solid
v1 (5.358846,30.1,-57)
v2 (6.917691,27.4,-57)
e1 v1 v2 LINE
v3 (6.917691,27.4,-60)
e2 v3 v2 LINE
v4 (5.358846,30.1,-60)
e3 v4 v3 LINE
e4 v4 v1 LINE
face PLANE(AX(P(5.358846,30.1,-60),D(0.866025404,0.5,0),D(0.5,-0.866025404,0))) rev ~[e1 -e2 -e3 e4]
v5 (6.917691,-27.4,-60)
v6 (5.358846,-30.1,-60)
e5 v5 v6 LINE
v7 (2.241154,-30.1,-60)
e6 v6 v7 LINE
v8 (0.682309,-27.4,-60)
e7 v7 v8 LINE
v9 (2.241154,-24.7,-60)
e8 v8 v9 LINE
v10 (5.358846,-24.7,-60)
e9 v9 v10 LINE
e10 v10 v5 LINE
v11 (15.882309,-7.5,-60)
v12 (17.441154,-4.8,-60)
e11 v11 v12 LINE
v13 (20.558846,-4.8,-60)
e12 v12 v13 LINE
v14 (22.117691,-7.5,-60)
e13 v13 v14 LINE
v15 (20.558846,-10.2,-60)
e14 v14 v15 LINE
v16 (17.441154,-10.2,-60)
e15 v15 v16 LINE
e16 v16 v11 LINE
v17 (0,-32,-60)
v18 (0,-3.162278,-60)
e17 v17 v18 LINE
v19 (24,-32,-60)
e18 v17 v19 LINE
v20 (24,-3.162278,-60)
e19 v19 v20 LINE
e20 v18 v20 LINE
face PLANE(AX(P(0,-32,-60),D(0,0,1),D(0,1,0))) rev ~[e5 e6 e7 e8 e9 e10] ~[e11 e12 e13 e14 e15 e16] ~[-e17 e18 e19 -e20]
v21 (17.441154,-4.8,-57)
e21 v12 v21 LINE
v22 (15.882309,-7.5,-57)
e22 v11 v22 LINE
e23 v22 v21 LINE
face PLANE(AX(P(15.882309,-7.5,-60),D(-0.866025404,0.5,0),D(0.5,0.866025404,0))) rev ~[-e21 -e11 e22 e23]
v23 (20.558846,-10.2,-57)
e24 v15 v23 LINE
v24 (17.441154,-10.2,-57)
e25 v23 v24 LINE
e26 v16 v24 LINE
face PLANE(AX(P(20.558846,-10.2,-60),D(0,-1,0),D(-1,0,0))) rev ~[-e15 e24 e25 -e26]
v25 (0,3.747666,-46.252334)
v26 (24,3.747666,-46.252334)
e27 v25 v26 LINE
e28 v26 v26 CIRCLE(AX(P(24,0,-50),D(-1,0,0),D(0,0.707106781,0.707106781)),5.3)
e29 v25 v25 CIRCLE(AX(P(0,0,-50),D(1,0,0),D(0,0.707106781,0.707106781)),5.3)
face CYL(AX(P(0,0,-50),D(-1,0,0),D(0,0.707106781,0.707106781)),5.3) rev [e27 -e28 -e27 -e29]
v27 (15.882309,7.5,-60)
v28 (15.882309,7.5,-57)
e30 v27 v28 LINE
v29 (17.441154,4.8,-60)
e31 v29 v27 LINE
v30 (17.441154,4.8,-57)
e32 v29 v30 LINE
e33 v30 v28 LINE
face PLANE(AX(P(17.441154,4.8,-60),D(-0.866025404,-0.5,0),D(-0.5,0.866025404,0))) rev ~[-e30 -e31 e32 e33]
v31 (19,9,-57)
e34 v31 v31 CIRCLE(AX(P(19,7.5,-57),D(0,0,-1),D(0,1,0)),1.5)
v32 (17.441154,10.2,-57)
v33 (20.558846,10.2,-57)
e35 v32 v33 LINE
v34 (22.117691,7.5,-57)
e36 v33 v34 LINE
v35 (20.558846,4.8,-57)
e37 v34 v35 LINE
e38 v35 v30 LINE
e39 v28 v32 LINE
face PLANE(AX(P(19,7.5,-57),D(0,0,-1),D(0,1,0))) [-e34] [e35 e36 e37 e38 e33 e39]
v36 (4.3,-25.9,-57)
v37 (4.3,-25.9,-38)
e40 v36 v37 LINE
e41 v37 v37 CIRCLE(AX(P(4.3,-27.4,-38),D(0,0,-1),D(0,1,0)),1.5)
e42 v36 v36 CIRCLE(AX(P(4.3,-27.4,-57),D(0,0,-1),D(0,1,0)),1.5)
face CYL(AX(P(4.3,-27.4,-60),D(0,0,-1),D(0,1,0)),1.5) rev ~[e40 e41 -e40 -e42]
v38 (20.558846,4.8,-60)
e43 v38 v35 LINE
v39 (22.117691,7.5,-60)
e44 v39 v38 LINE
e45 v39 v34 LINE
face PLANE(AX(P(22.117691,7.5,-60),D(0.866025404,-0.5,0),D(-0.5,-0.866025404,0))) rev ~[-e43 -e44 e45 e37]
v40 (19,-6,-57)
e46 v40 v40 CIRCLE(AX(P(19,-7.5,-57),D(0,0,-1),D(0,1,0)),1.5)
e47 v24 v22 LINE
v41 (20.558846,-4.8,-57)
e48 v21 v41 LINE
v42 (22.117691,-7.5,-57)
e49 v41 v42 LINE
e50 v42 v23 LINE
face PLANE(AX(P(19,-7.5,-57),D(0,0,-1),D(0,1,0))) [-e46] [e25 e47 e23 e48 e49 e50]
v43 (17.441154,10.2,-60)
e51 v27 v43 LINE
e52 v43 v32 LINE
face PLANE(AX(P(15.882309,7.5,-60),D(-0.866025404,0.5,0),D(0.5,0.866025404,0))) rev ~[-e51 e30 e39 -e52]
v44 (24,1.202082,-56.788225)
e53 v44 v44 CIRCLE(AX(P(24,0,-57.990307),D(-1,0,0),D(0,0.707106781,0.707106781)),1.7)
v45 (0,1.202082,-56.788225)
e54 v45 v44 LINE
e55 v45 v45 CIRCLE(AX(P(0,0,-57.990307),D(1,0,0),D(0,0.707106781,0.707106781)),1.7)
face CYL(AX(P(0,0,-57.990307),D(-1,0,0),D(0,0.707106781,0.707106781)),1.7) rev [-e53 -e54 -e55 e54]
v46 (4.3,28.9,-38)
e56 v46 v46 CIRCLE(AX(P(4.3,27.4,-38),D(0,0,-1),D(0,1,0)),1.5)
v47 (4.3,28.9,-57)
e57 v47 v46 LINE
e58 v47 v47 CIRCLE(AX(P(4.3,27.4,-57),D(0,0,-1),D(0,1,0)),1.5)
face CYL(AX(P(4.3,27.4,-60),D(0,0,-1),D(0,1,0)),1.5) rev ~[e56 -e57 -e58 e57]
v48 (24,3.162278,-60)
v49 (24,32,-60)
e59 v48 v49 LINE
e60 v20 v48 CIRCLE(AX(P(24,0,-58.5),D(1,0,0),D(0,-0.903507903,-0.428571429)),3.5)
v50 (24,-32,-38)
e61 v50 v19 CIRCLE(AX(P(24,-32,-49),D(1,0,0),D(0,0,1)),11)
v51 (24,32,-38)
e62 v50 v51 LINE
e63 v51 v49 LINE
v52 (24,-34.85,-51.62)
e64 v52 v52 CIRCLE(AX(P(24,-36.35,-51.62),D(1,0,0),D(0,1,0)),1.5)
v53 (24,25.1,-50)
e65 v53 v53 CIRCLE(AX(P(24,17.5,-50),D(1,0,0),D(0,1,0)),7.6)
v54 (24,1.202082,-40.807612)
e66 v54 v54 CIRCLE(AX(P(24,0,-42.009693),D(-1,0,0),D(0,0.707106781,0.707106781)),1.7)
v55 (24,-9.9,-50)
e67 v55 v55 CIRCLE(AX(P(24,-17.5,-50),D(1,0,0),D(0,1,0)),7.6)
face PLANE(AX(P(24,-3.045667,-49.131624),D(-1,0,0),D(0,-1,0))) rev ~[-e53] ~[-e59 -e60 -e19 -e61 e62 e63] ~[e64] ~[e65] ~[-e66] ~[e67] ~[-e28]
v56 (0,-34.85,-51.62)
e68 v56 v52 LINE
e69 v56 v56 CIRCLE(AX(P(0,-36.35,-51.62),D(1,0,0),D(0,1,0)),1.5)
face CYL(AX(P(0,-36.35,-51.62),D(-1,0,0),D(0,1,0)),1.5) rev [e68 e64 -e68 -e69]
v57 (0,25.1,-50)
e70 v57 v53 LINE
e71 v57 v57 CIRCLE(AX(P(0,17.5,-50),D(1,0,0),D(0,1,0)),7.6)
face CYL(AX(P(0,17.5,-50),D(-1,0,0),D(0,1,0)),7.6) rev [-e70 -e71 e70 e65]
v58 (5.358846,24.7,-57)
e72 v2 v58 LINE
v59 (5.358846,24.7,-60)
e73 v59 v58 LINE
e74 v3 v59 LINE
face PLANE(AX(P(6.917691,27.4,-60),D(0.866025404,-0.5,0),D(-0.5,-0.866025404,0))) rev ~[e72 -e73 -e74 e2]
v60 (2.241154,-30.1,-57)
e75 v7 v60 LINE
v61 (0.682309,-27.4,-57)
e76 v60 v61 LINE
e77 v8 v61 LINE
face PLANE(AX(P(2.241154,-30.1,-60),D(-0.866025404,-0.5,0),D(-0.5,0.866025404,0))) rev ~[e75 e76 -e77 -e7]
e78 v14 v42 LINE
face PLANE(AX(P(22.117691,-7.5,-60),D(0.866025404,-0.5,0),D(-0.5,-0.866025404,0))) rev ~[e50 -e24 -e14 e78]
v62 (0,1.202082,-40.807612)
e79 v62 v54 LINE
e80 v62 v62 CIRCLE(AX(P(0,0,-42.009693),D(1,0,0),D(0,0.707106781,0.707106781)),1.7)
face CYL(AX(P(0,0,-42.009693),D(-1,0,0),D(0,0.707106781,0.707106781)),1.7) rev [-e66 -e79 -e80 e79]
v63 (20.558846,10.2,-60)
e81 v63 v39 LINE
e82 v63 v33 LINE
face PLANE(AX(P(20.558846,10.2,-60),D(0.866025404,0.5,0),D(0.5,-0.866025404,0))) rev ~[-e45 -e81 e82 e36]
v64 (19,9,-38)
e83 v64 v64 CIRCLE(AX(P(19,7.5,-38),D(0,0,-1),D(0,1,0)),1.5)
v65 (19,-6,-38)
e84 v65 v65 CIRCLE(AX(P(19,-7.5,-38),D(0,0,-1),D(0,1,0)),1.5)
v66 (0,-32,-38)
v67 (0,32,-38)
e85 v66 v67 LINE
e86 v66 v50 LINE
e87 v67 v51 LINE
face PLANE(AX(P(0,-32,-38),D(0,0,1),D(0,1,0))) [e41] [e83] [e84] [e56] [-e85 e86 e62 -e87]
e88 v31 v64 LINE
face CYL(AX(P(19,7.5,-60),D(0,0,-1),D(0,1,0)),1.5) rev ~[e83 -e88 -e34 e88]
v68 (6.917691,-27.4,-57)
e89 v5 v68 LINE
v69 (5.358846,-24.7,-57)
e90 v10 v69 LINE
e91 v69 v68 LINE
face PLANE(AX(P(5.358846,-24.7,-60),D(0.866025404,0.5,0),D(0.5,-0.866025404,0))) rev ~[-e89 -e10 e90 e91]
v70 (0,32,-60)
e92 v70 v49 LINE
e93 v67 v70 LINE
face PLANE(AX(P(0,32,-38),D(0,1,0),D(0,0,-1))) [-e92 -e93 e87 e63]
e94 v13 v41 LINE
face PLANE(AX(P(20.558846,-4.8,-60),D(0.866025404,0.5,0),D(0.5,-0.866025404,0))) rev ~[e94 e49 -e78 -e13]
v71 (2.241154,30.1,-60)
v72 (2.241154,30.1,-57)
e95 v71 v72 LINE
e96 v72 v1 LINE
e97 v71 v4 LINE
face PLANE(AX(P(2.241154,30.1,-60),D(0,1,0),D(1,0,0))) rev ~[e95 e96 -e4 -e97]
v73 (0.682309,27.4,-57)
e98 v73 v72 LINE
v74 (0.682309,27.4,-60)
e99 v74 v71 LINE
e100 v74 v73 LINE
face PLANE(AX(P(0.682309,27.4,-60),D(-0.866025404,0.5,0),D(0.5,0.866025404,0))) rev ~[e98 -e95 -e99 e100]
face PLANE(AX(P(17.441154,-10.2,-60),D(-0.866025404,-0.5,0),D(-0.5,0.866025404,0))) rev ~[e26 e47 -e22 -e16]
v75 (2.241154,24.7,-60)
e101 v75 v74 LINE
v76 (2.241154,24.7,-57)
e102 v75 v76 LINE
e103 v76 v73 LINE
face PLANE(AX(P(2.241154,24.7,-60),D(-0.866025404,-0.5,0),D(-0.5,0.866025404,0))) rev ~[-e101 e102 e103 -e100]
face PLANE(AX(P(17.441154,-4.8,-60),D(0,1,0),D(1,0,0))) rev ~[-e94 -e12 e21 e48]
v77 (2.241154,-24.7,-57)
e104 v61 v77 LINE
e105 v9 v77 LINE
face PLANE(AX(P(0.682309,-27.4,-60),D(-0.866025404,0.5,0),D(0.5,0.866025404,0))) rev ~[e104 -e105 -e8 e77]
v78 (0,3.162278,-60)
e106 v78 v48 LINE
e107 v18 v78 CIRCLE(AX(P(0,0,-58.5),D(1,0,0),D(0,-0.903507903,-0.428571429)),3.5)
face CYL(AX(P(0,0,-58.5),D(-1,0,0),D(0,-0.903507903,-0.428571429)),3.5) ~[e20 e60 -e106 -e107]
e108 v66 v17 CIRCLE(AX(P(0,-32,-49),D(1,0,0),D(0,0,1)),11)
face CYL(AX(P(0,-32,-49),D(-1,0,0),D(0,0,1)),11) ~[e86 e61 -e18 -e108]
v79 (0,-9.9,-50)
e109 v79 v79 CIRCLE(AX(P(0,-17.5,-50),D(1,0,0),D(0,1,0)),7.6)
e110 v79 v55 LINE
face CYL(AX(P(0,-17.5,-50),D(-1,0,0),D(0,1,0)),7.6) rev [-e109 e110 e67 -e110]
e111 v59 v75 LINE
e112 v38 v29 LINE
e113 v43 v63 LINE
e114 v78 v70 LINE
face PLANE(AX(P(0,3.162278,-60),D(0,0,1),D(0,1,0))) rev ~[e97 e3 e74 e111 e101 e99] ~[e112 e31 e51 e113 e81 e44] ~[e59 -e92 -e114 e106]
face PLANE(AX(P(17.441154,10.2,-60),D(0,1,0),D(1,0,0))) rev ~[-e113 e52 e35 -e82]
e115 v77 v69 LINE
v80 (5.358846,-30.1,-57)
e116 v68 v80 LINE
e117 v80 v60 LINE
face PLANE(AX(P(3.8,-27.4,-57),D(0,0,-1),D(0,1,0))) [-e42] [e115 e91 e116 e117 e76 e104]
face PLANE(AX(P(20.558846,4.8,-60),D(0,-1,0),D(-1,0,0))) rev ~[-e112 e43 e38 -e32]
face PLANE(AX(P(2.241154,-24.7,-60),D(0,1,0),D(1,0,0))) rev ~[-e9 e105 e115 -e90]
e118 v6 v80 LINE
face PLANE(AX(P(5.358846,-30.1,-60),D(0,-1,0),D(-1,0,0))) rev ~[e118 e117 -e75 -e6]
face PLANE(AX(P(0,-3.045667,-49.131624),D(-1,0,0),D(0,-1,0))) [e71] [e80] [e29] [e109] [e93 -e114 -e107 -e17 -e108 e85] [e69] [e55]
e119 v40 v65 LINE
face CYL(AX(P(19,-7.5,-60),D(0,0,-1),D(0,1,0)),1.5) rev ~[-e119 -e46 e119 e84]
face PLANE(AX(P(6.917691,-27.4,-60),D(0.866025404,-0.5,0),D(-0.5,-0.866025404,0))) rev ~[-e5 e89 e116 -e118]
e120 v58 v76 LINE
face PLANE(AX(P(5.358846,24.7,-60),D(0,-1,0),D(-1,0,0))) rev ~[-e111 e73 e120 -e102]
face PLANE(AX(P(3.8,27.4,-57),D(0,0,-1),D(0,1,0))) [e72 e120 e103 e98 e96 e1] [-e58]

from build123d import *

# Parameters (mm, degrees)
SKETCH035_R          = 7.6
SKETCH035_R_2        = 1.5
PAD011_DEPTH         = 24
SKETCH034_R          = 5.3
SKETCH034_R_2        = 1.7
POCKET021_DEPTH      = 24.001
SKETCH036_R          = 1.5
POCKET022_DEPTH      = 22.001
POCKET022_DEPTH_BACK = 2.001
POCKET023_DEPTH      = 3


with BuildPart() as part:
    # Sketch035 → Pad011 (new body)
    with BuildSketch(Plane.YZ):
        with BuildLine():
            Line((-32, 12), (32, 12))
            Line((32, 12), (32, -10))
            Line((3.1622776602, -10), (32, -10))
            ThreePointArc((-3.1622776602, -10), (0, -12), (3.1622776602, -10))
            Line((-32, -10), (-3.1622776602, -10))
            ThreePointArc((-32, 12), (-43, 1), (-32, -10))
        make_face()
        with Locations((17.5, 0)):
            Circle(SKETCH035_R, mode=Mode.SUBTRACT)
        with Locations((-17.5, 0)):
            Circle(SKETCH035_R, mode=Mode.SUBTRACT)
        with Locations((-36.35, -1.62)):
            Circle(SKETCH035_R_2, mode=Mode.SUBTRACT)
    extrude(amount=PAD011_DEPTH)

    # Sketch034 → Pocket021 (cut, through all)
    with BuildSketch(Plane(origin=(0, 0, 0), x_dir=(0, 0.7071067812, 0.7071067812), z_dir=(1, 0, 0))):
        Circle(SKETCH034_R)
        with Locations((5.65, 5.65)):
            Circle(SKETCH034_R_2)
        with Locations((-5.65, -5.65)):
            Circle(SKETCH034_R_2)
    extrude(amount=POCKET021_DEPTH, mode=Mode.SUBTRACT)

    # Sketch036 (on DatumPlane) → Pocket022 (cut, two sides)
    with BuildSketch(Plane.YX.offset(10)) as pocket022_sk:
        with Locations((-7.5, 19)):
            Circle(SKETCH036_R)
        with Locations((7.5, 19)):
            Circle(SKETCH036_R)
        with Locations((27.4, 4.3)):
            Circle(SKETCH036_R)
        with Locations((-27.4, 4.3)):
            Circle(SKETCH036_R)
    extrude(amount=-POCKET022_DEPTH, mode=Mode.SUBTRACT)
    extrude(pocket022_sk.sketch, amount=POCKET022_DEPTH_BACK, mode=Mode.SUBTRACT)

    # Sketch037 (on DatumPlane) → Pocket023 (cut)
    with BuildSketch(Plane.YX.offset(10)):
        Polygon((-24.7, 5.3588457268), (-27.4, 6.9176914536), (-30.1, 5.3588457268), (-30.1, 2.2411542732), (-27.4, 0.6823085464), (-24.7, 2.2411542732), align=None)
        Polygon((24.7, 5.3588457268), (24.7, 2.2411542732), (27.4, 0.6823085464), (30.1, 2.2411542732), (30.1, 5.3588457268), (27.4, 6.9176914536), align=None)
        Polygon((10.2, 20.5588457268), (7.5, 22.1176914536), (4.8, 20.5588457268), (4.8, 17.4411542732), (7.5, 15.8823085464), (10.2, 17.4411542732), align=None)
        Polygon((-7.5, 22.1176914536), (-10.2, 20.5588457268), (-10.2, 17.4411542732), (-7.5, 15.8823085464), (-4.8, 17.4411542732), (-4.8, 20.5588457268), align=None)
    extrude(amount=-POCKET023_DEPTH, mode=Mode.SUBTRACT)


with BuildPart() as part_1:
    # Body006 placement: moved
    add(part.part.moved(Location((0, 0, -50))))


solid = part_1.part
